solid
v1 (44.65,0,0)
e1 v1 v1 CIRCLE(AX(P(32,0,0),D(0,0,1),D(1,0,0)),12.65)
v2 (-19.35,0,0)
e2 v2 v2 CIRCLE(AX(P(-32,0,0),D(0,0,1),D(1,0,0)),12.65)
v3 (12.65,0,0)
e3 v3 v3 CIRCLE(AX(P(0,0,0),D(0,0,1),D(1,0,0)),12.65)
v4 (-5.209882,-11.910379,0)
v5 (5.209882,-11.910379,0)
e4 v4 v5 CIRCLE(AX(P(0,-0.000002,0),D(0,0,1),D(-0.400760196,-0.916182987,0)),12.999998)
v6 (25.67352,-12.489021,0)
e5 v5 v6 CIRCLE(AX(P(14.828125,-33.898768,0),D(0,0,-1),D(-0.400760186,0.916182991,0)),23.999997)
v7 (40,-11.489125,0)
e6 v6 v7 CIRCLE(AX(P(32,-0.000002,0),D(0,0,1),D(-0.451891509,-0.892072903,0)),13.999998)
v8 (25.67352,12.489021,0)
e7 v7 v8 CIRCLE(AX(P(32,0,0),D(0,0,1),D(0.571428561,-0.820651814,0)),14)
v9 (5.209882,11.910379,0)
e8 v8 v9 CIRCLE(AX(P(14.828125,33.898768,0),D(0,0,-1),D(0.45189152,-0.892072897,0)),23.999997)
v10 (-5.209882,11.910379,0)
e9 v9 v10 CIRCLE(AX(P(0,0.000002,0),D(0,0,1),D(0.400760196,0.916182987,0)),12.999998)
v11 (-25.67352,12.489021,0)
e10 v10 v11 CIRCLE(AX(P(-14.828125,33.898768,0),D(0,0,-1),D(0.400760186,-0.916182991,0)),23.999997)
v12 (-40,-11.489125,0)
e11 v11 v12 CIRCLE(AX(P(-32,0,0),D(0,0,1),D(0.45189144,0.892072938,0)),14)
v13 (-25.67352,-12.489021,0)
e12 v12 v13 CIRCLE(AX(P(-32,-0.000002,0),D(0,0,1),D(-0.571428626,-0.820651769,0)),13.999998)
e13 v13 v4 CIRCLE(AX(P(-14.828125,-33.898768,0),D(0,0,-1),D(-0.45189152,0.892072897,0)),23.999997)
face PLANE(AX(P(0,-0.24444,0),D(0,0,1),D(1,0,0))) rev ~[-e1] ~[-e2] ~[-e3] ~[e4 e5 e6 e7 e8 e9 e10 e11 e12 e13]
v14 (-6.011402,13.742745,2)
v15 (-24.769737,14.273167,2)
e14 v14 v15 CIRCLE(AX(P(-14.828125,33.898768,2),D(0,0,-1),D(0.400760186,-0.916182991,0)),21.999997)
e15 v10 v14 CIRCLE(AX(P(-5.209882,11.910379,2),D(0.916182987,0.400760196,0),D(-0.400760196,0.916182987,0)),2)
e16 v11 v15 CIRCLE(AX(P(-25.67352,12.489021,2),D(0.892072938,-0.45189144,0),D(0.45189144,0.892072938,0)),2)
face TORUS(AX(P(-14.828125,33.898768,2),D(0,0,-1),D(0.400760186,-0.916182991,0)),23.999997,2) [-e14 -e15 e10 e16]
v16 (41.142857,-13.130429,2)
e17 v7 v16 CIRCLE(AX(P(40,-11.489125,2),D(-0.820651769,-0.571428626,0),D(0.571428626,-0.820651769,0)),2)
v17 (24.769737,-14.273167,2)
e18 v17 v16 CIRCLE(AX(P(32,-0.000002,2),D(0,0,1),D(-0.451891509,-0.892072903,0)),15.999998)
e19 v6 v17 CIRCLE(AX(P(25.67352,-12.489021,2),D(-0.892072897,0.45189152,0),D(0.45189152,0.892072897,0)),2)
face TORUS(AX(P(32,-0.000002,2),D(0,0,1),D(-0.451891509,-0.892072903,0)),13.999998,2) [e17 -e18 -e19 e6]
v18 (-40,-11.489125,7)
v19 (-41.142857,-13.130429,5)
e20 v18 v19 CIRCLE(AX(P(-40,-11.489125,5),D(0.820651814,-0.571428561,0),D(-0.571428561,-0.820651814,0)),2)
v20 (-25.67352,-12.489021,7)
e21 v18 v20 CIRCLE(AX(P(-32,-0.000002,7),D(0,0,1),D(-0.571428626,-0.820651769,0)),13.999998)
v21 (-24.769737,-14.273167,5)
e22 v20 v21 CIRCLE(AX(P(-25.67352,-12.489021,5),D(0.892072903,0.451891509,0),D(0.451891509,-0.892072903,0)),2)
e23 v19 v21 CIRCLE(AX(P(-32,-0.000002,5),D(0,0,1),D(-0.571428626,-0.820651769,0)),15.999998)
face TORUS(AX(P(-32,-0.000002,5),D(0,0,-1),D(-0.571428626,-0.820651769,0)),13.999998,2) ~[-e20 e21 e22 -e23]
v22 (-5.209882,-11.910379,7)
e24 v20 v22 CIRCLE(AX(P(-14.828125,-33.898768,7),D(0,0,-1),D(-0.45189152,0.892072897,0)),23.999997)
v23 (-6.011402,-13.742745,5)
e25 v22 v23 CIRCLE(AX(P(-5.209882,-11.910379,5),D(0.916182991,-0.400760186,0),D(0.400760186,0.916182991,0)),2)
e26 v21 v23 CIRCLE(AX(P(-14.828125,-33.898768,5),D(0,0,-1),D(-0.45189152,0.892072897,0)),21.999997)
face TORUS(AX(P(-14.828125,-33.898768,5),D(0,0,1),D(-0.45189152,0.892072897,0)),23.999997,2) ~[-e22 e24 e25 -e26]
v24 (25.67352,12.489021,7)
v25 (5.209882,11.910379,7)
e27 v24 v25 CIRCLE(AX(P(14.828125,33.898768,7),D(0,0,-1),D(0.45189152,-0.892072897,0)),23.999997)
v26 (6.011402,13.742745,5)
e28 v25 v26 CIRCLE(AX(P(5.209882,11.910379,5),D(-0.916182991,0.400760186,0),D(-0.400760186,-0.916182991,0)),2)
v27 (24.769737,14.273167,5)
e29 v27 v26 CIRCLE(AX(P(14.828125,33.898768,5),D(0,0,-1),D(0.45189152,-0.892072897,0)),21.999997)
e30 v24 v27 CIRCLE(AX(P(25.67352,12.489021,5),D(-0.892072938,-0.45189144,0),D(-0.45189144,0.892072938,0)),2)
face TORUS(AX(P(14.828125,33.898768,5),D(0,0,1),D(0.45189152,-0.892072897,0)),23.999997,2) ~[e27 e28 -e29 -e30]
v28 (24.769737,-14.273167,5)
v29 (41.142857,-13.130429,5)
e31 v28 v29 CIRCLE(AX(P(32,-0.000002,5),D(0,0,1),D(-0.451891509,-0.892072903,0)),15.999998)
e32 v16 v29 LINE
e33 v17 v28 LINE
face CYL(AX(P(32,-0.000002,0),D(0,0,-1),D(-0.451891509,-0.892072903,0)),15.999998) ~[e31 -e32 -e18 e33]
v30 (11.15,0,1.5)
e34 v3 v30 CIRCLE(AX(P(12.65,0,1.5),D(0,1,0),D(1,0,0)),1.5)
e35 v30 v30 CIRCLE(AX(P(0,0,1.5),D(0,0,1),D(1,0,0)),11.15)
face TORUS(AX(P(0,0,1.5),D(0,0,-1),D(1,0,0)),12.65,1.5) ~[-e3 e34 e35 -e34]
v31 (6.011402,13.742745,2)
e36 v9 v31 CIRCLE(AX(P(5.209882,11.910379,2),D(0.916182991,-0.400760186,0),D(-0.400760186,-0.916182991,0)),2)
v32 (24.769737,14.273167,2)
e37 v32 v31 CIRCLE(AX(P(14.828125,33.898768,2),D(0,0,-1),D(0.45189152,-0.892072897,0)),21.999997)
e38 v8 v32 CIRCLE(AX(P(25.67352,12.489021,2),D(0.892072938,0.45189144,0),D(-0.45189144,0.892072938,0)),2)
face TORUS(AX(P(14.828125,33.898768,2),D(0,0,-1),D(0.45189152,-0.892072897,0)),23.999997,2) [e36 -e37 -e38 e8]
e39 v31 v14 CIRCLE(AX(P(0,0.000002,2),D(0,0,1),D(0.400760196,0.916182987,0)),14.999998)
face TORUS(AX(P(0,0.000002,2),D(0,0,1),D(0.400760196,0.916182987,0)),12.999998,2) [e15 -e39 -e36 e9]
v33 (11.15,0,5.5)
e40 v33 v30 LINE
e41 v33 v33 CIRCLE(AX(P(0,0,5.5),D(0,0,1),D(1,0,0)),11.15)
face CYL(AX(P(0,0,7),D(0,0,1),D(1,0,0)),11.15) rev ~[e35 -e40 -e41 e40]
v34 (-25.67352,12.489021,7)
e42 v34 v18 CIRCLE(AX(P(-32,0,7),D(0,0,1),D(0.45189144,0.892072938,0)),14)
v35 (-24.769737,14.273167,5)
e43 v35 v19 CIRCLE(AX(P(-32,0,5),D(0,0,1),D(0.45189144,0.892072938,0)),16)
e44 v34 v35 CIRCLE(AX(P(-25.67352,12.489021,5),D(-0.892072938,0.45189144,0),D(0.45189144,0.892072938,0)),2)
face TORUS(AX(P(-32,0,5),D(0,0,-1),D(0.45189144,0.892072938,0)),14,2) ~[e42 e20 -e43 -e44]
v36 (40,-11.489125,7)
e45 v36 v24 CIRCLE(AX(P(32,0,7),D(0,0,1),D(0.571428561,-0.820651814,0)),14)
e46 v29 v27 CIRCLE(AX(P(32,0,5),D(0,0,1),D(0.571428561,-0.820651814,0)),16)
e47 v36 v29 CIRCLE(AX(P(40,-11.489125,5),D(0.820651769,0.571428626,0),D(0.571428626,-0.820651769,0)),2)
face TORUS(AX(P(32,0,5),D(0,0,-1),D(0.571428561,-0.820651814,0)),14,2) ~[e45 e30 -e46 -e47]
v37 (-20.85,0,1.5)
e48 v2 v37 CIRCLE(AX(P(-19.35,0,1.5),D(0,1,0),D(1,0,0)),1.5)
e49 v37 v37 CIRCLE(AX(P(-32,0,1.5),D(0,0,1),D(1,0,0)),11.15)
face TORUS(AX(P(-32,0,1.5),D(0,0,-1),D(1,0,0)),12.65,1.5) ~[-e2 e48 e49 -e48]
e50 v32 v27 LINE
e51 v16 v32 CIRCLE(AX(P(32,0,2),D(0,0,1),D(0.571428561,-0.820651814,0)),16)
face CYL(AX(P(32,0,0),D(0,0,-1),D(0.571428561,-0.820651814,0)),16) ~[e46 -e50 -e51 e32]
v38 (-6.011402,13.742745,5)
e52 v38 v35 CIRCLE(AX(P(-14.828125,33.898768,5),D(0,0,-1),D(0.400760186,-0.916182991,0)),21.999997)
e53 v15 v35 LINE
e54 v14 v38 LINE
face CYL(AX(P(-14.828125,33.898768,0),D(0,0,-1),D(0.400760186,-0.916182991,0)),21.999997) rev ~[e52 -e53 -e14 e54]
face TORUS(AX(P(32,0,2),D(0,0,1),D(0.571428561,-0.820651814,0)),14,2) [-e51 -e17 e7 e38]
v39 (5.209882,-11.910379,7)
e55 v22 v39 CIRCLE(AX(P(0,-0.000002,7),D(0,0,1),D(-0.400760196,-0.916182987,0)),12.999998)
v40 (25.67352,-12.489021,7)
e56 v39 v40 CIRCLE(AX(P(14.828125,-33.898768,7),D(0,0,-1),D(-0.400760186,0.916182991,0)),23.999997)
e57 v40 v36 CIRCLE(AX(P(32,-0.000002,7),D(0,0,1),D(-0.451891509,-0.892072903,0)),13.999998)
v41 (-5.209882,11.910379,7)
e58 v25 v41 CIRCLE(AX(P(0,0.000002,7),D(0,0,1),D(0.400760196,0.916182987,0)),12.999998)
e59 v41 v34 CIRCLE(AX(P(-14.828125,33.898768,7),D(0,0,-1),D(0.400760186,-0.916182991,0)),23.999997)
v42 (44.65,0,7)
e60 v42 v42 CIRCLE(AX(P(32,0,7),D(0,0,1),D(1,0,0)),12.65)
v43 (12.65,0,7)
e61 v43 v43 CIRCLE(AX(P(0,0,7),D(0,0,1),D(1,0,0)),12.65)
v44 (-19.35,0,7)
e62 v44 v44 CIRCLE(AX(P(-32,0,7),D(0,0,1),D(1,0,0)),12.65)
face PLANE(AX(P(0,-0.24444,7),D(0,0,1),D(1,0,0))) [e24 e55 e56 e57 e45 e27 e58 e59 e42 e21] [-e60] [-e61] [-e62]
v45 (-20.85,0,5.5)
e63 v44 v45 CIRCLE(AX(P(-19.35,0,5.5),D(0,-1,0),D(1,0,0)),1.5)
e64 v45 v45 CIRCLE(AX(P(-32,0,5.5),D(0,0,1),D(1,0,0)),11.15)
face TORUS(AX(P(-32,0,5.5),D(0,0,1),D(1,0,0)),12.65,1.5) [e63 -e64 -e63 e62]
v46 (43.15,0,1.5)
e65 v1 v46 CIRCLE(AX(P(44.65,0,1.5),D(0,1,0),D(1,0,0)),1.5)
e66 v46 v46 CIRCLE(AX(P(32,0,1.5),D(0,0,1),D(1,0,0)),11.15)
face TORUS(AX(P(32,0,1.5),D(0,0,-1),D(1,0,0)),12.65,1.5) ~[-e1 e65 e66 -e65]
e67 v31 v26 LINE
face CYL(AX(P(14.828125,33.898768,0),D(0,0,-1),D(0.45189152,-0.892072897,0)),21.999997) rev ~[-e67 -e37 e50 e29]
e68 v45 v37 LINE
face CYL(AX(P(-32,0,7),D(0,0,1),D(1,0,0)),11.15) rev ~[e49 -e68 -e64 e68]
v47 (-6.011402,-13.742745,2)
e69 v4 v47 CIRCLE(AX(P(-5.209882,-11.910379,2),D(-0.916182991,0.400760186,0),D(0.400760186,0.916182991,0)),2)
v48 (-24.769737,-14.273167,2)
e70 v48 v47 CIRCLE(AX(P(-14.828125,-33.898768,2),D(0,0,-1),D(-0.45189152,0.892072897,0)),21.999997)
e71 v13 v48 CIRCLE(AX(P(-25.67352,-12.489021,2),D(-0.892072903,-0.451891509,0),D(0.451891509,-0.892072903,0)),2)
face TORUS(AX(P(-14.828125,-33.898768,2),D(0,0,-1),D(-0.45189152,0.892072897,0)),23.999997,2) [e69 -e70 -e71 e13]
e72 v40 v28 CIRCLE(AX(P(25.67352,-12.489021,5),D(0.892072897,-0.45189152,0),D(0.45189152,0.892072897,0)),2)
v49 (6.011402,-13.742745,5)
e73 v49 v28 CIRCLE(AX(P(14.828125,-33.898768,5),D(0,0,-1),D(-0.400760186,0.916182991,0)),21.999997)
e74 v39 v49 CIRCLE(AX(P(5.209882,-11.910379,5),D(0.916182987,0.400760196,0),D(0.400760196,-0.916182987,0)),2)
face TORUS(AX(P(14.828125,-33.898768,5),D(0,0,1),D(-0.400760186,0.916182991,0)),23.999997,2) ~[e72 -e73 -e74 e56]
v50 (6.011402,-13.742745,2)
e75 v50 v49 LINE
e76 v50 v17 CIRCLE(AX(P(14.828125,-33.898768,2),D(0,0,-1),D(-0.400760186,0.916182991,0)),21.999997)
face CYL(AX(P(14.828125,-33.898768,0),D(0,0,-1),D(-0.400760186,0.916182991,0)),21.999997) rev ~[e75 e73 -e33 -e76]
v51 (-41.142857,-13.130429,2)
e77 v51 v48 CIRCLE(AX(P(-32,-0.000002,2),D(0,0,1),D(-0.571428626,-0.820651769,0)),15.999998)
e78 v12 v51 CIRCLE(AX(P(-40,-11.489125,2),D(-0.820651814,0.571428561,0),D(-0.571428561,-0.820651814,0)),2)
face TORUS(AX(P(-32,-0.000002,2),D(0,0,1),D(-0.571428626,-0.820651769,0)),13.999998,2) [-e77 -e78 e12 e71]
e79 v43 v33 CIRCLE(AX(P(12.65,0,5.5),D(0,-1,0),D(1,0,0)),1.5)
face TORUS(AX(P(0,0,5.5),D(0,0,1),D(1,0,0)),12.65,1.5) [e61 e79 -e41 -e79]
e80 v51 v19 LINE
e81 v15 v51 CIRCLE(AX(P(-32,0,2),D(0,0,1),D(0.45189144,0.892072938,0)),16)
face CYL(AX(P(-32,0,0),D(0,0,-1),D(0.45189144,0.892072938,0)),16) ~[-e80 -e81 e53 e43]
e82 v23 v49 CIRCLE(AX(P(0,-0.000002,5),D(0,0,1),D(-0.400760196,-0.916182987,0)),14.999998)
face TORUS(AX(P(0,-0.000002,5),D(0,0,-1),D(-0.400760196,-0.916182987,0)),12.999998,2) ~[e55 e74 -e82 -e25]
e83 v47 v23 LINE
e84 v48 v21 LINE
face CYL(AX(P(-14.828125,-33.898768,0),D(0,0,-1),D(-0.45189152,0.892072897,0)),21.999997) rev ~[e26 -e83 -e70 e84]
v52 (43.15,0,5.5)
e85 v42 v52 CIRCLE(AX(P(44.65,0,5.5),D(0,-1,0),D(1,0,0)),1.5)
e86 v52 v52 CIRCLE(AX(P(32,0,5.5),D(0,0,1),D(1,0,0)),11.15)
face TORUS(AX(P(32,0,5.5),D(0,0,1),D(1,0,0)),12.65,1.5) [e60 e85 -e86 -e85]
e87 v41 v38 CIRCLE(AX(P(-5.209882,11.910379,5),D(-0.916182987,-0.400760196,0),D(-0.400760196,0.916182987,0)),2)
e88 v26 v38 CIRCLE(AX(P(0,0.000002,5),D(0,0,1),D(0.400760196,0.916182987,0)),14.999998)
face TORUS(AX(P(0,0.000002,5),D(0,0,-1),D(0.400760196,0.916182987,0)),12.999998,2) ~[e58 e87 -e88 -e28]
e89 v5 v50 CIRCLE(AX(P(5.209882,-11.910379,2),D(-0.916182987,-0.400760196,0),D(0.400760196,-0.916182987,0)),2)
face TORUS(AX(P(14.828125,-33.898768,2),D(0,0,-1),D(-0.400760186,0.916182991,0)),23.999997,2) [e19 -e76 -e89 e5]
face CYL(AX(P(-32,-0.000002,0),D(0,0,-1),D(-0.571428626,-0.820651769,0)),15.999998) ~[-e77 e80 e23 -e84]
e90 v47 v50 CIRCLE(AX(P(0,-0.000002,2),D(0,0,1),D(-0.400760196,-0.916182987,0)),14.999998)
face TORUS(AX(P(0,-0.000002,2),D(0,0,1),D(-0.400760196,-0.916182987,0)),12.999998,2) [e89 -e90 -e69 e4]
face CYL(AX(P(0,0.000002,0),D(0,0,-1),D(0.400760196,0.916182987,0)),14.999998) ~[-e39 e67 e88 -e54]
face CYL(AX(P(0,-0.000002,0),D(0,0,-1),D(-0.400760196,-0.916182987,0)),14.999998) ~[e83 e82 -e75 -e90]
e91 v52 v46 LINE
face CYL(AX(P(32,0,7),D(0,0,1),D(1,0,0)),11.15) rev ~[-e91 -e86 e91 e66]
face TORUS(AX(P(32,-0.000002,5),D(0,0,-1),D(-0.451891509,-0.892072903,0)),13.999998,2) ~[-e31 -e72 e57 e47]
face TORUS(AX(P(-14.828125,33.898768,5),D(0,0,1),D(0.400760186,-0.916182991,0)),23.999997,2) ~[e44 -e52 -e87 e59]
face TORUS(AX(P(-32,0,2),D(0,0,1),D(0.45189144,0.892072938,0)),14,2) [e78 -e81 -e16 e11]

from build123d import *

# Parameters (mm, degrees)
F1_DEPTH = 7
F2_R     = 11.15
F3_DEPTH = 7.001
F4_R     = 2
F5_R     = 1.5


with BuildPart() as f1:
    # F0 (on Top) → F1 (new body)
    with BuildSketch(Plane.XY):
        with BuildLine():
            ThreePointArc((-24.769737, -14.273167), (-15.449961, -11.907561), (-6.011402, -13.742745))
            ThreePointArc((-6.011402, -13.742745), (0, -15), (6.011402, -13.742745))
            ThreePointArc((6.011402, -13.742745), (15.449961, -11.907561), (24.769737, -14.273167))
            ThreePointArc((24.769737, -14.273167), (33.113987, -15.961173), (41.142857, -13.130429))
            ThreePointArc((41.142857, -13.130429), (45.735129, 8.206475), (24.769737, 14.273167))
            ThreePointArc((24.769737, 14.273167), (15.449961, 11.907561), (6.011402, 13.742745))
            ThreePointArc((6.011402, 13.742745), (0, 15), (-6.011402, 13.742745))
            ThreePointArc((-6.011402, 13.742745), (-15.449961, 11.907561), (-24.769737, 14.273167))
            ThreePointArc((-24.769737, 14.273167), (-45.735129, 8.206475), (-41.142857, -13.130429))
            ThreePointArc((-41.142857, -13.130429), (-33.113987, -15.961173), (-24.769737, -14.273167))
        make_face()
    extrude(amount=F1_DEPTH)

    # F2 (on face) → F3 (cut, through all)
    with BuildSketch(Plane.XY.offset(7)):
        Circle(F2_R)
        with Locations((-32, 0)):
            Circle(F2_R)
        with Locations((32, 0)):
            Circle(F2_R)
    extrude(amount=-F3_DEPTH, mode=Mode.SUBTRACT)

    # F4
    f4_edges = [f1.edges().sort_by_distance(p)[0] for p in [
        (-24.769737, 14.273167, 3.5),
        (-48, 0, 7),
        (-24.769737, -14.273167, 3.5),
        (-48, 0, 0),
        (-6.011402, -13.742745, 3.5),
        (-15.449961, -11.907561, 0),
        (-15.449961, -11.907561, 7),
        (6.011402, -13.742745, 3.5),
        (0, -15, 0),
        (0, -15, 7),
        (24.769737, -14.273167, 3.5),
        (15.449961, -11.907561, 0),
        (15.449961, -11.907561, 7),
        (48, 0, 7),
        (24.769737, 14.273167, 3.5),
        (48, 0, 0),
        (6.011402, 13.742745, 3.5),
        (15.449961, 11.907561, 0),
        (15.449961, 11.907561, 7),
        (-6.011402, 13.742745, 3.5),
        (0, 15, 0),
        (0, 15, 7),
        (-15.449961, 11.907561, 0),
        (-15.449961, 11.907561, 7),
    ]]
    fillet(f4_edges, radius=F4_R)

    # F5
    f5_edges = [f1.edges().sort_by_distance(p)[0] for p in [
        (20.85, 0, 7),
        (43.15, 0, 3.5),
        (20.85, 0, 0),
        (-11.15, 0, 7),
        (11.15, 0, 3.5),
        (-11.15, 0, 0),
        (-43.15, 0, 7),
        (-20.85, 0, 3.5),
        (-43.15, 0, 0),
    ]]
    fillet(f5_edges, radius=F5_R)


solid = f1.part
